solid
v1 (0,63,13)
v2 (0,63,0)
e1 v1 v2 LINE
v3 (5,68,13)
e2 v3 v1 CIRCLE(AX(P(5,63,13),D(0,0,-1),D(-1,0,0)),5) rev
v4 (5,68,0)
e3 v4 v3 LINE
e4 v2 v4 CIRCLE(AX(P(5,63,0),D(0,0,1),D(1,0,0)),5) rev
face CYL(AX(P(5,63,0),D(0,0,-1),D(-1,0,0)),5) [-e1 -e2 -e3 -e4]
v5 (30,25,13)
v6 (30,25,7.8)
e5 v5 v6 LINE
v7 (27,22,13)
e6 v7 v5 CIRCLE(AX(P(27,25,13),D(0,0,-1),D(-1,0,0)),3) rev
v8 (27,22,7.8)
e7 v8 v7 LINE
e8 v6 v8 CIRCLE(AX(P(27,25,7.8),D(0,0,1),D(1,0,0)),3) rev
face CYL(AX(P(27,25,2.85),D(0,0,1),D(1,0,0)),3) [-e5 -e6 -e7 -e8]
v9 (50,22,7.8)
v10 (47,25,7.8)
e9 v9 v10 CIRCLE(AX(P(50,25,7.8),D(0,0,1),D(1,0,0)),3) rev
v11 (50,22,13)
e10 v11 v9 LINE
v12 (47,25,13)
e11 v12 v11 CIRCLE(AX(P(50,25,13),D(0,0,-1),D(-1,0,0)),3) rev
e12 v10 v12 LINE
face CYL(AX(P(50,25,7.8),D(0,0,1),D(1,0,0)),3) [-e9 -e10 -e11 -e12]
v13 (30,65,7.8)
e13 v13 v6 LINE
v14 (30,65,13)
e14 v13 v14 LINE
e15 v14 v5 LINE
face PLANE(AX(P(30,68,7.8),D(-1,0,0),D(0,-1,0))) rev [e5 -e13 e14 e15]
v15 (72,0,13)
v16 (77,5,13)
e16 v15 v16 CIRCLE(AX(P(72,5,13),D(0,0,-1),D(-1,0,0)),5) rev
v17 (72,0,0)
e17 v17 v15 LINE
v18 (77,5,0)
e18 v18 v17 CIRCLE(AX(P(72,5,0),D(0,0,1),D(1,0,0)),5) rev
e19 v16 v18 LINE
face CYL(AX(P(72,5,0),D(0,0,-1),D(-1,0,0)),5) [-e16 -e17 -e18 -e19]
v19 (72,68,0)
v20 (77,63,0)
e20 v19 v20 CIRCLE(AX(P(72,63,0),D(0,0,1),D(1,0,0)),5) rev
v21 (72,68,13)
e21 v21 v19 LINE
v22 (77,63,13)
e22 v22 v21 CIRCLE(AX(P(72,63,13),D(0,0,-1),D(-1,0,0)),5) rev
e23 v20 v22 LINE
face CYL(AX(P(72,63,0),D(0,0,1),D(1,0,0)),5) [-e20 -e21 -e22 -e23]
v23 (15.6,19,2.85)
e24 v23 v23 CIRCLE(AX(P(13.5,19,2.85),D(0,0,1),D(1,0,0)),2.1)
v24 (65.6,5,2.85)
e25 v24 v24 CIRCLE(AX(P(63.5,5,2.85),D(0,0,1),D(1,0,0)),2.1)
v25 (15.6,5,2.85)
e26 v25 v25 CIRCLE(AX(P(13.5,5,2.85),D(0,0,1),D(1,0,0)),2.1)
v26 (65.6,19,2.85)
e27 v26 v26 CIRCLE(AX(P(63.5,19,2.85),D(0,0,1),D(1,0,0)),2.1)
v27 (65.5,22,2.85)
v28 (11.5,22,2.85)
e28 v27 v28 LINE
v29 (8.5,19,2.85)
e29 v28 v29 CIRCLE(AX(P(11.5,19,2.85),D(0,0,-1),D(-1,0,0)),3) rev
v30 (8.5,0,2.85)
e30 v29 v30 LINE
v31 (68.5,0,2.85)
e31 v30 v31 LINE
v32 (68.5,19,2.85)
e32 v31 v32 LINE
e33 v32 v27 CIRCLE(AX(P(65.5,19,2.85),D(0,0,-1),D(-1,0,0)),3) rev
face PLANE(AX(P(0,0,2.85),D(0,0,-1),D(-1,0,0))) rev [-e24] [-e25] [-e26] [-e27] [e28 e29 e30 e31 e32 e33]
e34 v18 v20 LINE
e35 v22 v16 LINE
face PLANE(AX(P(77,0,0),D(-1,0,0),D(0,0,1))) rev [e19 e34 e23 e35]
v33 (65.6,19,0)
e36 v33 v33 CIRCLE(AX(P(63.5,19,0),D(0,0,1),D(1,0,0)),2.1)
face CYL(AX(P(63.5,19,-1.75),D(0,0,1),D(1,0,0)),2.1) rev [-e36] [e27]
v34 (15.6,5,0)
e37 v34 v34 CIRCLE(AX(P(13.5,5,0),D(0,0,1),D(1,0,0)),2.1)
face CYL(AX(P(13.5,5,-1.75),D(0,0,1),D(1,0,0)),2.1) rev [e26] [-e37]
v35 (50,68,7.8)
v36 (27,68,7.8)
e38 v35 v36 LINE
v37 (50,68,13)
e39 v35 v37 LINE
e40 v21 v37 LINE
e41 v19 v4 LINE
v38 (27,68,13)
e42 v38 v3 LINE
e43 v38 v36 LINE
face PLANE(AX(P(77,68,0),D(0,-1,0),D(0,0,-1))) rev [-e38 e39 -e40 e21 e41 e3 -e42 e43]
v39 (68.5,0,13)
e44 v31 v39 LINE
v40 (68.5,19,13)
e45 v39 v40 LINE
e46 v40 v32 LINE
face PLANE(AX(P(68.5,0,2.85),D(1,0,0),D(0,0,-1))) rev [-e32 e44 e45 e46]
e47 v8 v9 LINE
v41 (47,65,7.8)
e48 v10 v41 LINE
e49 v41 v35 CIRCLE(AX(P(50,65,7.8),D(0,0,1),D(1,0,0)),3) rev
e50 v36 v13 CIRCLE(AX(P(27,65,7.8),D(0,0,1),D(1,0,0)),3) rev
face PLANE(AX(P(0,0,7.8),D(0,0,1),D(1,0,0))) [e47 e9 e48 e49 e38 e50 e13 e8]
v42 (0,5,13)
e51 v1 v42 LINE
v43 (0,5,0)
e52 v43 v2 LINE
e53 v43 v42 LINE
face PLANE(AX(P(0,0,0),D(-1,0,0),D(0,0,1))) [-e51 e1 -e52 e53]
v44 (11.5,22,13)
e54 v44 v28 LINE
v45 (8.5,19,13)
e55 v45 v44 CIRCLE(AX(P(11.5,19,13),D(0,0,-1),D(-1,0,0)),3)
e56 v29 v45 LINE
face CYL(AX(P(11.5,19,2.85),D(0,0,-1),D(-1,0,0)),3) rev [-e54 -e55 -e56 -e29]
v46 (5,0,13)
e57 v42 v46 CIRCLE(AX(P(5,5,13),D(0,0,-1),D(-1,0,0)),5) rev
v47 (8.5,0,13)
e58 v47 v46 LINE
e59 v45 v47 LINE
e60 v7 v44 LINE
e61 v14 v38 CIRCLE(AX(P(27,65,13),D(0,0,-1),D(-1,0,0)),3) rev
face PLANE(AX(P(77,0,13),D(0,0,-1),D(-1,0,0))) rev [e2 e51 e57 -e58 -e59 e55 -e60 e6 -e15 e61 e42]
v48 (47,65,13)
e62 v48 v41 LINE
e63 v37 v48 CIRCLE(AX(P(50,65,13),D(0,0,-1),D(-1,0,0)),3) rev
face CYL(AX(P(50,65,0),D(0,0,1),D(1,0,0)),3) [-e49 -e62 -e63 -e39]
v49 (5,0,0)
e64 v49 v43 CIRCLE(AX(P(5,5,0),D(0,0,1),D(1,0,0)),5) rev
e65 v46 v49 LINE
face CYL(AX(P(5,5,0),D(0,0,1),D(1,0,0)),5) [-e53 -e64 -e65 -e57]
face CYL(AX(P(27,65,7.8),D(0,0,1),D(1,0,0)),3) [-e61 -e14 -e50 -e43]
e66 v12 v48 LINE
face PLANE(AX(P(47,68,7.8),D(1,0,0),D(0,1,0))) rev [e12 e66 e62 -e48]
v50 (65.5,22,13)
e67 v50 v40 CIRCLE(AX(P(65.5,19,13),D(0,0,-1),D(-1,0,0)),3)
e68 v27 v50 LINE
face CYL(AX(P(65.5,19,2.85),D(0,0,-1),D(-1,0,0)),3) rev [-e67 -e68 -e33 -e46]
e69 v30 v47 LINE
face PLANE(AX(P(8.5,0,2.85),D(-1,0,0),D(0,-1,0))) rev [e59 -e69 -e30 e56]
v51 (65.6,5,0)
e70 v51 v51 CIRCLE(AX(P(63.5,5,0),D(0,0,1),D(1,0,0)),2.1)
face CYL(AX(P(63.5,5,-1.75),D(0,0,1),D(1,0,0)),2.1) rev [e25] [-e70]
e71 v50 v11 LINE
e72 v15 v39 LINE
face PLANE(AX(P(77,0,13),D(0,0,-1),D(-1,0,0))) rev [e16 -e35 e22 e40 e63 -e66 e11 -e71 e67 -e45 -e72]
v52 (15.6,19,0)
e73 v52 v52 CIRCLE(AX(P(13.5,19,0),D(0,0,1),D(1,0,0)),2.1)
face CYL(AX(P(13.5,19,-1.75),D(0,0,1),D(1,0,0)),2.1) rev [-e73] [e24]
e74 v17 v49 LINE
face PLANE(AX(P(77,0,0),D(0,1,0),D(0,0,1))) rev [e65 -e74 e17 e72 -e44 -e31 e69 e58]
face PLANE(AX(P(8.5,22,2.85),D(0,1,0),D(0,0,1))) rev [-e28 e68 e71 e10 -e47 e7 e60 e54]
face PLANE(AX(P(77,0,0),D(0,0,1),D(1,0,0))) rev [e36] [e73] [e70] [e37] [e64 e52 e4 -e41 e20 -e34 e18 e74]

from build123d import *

# Parameters (mm, degrees)
SKETCH_1_W          = 68
SKETCH_1_H          = 13
EXTRUDE_1_DEPTH     = 77
SKETCH_2_W          = 60
SKETCH_2_H          = 22
CUT_EXTRUDE_1_DEPTH = 10.15
FILLET_1_R          = 5
SKETCH_3_W          = 17
SKETCH_3_H          = 46
CUT_EXTRUDE_2_DEPTH = 5.2
FILLET_2_R          = 3
SKETCH_5_R          = 2.1
CUT_EXTRUDE_4_DEPTH = 4.6


with BuildPart() as part:
    # 草图1 → 凸台-拉伸1 (new body)
    with BuildSketch(Plane.YZ):
        with Locations((34, 6.5)):
            Rectangle(SKETCH_1_W, SKETCH_1_H)
    extrude(amount=EXTRUDE_1_DEPTH)

    # 草图2 → 切除-拉伸1 (cut)
    with BuildSketch(Plane.XY.offset(13)):
        with Locations((38.5, 11)):
            Rectangle(SKETCH_2_W, SKETCH_2_H)
    extrude(amount=-CUT_EXTRUDE_1_DEPTH, mode=Mode.SUBTRACT)

    # 圆角1
    fillet_1_edges = [part.edges().sort_by_distance(p)[0] for p in [
        (77, 68, 6.5),
        (77, 0, 6.5),
        (0, 68, 6.5),
        (0, 0, 6.5),
    ]]
    fillet(fillet_1_edges, radius=FILLET_1_R)

    # 草图3 → 切除-拉伸2 (cut)
    with BuildSketch(Plane.XY.offset(13)):
        with Locations((38.5, 45)):
            Rectangle(SKETCH_3_W, SKETCH_3_H)
    extrude(amount=-CUT_EXTRUDE_2_DEPTH, mode=Mode.SUBTRACT)

    # 圆角2
    fillet_2_edges = [part.edges().sort_by_distance(p)[0] for p in [
        (8.5, 22, 7.925),
        (68.5, 22, 7.925),
        (30, 22, 10.4),
        (30, 68, 10.4),
        (47, 68, 10.4),
        (47, 22, 10.4),
    ]]
    fillet(fillet_2_edges, radius=FILLET_2_R)

    # 草图5 → 切除-拉伸4 (cut)
    with BuildSketch(Plane.XY.offset(2.85)):
        with Locations((63.5, 5)):
            Circle(SKETCH_5_R)
        with Locations((13.5, 5)):
            Circle(SKETCH_5_R)
        with Locations((13.5, 19)):
            Circle(SKETCH_5_R)
        with Locations((63.5, 19)):
            Circle(SKETCH_5_R)
    extrude(amount=-CUT_EXTRUDE_4_DEPTH, mode=Mode.SUBTRACT)


solid = part.part
